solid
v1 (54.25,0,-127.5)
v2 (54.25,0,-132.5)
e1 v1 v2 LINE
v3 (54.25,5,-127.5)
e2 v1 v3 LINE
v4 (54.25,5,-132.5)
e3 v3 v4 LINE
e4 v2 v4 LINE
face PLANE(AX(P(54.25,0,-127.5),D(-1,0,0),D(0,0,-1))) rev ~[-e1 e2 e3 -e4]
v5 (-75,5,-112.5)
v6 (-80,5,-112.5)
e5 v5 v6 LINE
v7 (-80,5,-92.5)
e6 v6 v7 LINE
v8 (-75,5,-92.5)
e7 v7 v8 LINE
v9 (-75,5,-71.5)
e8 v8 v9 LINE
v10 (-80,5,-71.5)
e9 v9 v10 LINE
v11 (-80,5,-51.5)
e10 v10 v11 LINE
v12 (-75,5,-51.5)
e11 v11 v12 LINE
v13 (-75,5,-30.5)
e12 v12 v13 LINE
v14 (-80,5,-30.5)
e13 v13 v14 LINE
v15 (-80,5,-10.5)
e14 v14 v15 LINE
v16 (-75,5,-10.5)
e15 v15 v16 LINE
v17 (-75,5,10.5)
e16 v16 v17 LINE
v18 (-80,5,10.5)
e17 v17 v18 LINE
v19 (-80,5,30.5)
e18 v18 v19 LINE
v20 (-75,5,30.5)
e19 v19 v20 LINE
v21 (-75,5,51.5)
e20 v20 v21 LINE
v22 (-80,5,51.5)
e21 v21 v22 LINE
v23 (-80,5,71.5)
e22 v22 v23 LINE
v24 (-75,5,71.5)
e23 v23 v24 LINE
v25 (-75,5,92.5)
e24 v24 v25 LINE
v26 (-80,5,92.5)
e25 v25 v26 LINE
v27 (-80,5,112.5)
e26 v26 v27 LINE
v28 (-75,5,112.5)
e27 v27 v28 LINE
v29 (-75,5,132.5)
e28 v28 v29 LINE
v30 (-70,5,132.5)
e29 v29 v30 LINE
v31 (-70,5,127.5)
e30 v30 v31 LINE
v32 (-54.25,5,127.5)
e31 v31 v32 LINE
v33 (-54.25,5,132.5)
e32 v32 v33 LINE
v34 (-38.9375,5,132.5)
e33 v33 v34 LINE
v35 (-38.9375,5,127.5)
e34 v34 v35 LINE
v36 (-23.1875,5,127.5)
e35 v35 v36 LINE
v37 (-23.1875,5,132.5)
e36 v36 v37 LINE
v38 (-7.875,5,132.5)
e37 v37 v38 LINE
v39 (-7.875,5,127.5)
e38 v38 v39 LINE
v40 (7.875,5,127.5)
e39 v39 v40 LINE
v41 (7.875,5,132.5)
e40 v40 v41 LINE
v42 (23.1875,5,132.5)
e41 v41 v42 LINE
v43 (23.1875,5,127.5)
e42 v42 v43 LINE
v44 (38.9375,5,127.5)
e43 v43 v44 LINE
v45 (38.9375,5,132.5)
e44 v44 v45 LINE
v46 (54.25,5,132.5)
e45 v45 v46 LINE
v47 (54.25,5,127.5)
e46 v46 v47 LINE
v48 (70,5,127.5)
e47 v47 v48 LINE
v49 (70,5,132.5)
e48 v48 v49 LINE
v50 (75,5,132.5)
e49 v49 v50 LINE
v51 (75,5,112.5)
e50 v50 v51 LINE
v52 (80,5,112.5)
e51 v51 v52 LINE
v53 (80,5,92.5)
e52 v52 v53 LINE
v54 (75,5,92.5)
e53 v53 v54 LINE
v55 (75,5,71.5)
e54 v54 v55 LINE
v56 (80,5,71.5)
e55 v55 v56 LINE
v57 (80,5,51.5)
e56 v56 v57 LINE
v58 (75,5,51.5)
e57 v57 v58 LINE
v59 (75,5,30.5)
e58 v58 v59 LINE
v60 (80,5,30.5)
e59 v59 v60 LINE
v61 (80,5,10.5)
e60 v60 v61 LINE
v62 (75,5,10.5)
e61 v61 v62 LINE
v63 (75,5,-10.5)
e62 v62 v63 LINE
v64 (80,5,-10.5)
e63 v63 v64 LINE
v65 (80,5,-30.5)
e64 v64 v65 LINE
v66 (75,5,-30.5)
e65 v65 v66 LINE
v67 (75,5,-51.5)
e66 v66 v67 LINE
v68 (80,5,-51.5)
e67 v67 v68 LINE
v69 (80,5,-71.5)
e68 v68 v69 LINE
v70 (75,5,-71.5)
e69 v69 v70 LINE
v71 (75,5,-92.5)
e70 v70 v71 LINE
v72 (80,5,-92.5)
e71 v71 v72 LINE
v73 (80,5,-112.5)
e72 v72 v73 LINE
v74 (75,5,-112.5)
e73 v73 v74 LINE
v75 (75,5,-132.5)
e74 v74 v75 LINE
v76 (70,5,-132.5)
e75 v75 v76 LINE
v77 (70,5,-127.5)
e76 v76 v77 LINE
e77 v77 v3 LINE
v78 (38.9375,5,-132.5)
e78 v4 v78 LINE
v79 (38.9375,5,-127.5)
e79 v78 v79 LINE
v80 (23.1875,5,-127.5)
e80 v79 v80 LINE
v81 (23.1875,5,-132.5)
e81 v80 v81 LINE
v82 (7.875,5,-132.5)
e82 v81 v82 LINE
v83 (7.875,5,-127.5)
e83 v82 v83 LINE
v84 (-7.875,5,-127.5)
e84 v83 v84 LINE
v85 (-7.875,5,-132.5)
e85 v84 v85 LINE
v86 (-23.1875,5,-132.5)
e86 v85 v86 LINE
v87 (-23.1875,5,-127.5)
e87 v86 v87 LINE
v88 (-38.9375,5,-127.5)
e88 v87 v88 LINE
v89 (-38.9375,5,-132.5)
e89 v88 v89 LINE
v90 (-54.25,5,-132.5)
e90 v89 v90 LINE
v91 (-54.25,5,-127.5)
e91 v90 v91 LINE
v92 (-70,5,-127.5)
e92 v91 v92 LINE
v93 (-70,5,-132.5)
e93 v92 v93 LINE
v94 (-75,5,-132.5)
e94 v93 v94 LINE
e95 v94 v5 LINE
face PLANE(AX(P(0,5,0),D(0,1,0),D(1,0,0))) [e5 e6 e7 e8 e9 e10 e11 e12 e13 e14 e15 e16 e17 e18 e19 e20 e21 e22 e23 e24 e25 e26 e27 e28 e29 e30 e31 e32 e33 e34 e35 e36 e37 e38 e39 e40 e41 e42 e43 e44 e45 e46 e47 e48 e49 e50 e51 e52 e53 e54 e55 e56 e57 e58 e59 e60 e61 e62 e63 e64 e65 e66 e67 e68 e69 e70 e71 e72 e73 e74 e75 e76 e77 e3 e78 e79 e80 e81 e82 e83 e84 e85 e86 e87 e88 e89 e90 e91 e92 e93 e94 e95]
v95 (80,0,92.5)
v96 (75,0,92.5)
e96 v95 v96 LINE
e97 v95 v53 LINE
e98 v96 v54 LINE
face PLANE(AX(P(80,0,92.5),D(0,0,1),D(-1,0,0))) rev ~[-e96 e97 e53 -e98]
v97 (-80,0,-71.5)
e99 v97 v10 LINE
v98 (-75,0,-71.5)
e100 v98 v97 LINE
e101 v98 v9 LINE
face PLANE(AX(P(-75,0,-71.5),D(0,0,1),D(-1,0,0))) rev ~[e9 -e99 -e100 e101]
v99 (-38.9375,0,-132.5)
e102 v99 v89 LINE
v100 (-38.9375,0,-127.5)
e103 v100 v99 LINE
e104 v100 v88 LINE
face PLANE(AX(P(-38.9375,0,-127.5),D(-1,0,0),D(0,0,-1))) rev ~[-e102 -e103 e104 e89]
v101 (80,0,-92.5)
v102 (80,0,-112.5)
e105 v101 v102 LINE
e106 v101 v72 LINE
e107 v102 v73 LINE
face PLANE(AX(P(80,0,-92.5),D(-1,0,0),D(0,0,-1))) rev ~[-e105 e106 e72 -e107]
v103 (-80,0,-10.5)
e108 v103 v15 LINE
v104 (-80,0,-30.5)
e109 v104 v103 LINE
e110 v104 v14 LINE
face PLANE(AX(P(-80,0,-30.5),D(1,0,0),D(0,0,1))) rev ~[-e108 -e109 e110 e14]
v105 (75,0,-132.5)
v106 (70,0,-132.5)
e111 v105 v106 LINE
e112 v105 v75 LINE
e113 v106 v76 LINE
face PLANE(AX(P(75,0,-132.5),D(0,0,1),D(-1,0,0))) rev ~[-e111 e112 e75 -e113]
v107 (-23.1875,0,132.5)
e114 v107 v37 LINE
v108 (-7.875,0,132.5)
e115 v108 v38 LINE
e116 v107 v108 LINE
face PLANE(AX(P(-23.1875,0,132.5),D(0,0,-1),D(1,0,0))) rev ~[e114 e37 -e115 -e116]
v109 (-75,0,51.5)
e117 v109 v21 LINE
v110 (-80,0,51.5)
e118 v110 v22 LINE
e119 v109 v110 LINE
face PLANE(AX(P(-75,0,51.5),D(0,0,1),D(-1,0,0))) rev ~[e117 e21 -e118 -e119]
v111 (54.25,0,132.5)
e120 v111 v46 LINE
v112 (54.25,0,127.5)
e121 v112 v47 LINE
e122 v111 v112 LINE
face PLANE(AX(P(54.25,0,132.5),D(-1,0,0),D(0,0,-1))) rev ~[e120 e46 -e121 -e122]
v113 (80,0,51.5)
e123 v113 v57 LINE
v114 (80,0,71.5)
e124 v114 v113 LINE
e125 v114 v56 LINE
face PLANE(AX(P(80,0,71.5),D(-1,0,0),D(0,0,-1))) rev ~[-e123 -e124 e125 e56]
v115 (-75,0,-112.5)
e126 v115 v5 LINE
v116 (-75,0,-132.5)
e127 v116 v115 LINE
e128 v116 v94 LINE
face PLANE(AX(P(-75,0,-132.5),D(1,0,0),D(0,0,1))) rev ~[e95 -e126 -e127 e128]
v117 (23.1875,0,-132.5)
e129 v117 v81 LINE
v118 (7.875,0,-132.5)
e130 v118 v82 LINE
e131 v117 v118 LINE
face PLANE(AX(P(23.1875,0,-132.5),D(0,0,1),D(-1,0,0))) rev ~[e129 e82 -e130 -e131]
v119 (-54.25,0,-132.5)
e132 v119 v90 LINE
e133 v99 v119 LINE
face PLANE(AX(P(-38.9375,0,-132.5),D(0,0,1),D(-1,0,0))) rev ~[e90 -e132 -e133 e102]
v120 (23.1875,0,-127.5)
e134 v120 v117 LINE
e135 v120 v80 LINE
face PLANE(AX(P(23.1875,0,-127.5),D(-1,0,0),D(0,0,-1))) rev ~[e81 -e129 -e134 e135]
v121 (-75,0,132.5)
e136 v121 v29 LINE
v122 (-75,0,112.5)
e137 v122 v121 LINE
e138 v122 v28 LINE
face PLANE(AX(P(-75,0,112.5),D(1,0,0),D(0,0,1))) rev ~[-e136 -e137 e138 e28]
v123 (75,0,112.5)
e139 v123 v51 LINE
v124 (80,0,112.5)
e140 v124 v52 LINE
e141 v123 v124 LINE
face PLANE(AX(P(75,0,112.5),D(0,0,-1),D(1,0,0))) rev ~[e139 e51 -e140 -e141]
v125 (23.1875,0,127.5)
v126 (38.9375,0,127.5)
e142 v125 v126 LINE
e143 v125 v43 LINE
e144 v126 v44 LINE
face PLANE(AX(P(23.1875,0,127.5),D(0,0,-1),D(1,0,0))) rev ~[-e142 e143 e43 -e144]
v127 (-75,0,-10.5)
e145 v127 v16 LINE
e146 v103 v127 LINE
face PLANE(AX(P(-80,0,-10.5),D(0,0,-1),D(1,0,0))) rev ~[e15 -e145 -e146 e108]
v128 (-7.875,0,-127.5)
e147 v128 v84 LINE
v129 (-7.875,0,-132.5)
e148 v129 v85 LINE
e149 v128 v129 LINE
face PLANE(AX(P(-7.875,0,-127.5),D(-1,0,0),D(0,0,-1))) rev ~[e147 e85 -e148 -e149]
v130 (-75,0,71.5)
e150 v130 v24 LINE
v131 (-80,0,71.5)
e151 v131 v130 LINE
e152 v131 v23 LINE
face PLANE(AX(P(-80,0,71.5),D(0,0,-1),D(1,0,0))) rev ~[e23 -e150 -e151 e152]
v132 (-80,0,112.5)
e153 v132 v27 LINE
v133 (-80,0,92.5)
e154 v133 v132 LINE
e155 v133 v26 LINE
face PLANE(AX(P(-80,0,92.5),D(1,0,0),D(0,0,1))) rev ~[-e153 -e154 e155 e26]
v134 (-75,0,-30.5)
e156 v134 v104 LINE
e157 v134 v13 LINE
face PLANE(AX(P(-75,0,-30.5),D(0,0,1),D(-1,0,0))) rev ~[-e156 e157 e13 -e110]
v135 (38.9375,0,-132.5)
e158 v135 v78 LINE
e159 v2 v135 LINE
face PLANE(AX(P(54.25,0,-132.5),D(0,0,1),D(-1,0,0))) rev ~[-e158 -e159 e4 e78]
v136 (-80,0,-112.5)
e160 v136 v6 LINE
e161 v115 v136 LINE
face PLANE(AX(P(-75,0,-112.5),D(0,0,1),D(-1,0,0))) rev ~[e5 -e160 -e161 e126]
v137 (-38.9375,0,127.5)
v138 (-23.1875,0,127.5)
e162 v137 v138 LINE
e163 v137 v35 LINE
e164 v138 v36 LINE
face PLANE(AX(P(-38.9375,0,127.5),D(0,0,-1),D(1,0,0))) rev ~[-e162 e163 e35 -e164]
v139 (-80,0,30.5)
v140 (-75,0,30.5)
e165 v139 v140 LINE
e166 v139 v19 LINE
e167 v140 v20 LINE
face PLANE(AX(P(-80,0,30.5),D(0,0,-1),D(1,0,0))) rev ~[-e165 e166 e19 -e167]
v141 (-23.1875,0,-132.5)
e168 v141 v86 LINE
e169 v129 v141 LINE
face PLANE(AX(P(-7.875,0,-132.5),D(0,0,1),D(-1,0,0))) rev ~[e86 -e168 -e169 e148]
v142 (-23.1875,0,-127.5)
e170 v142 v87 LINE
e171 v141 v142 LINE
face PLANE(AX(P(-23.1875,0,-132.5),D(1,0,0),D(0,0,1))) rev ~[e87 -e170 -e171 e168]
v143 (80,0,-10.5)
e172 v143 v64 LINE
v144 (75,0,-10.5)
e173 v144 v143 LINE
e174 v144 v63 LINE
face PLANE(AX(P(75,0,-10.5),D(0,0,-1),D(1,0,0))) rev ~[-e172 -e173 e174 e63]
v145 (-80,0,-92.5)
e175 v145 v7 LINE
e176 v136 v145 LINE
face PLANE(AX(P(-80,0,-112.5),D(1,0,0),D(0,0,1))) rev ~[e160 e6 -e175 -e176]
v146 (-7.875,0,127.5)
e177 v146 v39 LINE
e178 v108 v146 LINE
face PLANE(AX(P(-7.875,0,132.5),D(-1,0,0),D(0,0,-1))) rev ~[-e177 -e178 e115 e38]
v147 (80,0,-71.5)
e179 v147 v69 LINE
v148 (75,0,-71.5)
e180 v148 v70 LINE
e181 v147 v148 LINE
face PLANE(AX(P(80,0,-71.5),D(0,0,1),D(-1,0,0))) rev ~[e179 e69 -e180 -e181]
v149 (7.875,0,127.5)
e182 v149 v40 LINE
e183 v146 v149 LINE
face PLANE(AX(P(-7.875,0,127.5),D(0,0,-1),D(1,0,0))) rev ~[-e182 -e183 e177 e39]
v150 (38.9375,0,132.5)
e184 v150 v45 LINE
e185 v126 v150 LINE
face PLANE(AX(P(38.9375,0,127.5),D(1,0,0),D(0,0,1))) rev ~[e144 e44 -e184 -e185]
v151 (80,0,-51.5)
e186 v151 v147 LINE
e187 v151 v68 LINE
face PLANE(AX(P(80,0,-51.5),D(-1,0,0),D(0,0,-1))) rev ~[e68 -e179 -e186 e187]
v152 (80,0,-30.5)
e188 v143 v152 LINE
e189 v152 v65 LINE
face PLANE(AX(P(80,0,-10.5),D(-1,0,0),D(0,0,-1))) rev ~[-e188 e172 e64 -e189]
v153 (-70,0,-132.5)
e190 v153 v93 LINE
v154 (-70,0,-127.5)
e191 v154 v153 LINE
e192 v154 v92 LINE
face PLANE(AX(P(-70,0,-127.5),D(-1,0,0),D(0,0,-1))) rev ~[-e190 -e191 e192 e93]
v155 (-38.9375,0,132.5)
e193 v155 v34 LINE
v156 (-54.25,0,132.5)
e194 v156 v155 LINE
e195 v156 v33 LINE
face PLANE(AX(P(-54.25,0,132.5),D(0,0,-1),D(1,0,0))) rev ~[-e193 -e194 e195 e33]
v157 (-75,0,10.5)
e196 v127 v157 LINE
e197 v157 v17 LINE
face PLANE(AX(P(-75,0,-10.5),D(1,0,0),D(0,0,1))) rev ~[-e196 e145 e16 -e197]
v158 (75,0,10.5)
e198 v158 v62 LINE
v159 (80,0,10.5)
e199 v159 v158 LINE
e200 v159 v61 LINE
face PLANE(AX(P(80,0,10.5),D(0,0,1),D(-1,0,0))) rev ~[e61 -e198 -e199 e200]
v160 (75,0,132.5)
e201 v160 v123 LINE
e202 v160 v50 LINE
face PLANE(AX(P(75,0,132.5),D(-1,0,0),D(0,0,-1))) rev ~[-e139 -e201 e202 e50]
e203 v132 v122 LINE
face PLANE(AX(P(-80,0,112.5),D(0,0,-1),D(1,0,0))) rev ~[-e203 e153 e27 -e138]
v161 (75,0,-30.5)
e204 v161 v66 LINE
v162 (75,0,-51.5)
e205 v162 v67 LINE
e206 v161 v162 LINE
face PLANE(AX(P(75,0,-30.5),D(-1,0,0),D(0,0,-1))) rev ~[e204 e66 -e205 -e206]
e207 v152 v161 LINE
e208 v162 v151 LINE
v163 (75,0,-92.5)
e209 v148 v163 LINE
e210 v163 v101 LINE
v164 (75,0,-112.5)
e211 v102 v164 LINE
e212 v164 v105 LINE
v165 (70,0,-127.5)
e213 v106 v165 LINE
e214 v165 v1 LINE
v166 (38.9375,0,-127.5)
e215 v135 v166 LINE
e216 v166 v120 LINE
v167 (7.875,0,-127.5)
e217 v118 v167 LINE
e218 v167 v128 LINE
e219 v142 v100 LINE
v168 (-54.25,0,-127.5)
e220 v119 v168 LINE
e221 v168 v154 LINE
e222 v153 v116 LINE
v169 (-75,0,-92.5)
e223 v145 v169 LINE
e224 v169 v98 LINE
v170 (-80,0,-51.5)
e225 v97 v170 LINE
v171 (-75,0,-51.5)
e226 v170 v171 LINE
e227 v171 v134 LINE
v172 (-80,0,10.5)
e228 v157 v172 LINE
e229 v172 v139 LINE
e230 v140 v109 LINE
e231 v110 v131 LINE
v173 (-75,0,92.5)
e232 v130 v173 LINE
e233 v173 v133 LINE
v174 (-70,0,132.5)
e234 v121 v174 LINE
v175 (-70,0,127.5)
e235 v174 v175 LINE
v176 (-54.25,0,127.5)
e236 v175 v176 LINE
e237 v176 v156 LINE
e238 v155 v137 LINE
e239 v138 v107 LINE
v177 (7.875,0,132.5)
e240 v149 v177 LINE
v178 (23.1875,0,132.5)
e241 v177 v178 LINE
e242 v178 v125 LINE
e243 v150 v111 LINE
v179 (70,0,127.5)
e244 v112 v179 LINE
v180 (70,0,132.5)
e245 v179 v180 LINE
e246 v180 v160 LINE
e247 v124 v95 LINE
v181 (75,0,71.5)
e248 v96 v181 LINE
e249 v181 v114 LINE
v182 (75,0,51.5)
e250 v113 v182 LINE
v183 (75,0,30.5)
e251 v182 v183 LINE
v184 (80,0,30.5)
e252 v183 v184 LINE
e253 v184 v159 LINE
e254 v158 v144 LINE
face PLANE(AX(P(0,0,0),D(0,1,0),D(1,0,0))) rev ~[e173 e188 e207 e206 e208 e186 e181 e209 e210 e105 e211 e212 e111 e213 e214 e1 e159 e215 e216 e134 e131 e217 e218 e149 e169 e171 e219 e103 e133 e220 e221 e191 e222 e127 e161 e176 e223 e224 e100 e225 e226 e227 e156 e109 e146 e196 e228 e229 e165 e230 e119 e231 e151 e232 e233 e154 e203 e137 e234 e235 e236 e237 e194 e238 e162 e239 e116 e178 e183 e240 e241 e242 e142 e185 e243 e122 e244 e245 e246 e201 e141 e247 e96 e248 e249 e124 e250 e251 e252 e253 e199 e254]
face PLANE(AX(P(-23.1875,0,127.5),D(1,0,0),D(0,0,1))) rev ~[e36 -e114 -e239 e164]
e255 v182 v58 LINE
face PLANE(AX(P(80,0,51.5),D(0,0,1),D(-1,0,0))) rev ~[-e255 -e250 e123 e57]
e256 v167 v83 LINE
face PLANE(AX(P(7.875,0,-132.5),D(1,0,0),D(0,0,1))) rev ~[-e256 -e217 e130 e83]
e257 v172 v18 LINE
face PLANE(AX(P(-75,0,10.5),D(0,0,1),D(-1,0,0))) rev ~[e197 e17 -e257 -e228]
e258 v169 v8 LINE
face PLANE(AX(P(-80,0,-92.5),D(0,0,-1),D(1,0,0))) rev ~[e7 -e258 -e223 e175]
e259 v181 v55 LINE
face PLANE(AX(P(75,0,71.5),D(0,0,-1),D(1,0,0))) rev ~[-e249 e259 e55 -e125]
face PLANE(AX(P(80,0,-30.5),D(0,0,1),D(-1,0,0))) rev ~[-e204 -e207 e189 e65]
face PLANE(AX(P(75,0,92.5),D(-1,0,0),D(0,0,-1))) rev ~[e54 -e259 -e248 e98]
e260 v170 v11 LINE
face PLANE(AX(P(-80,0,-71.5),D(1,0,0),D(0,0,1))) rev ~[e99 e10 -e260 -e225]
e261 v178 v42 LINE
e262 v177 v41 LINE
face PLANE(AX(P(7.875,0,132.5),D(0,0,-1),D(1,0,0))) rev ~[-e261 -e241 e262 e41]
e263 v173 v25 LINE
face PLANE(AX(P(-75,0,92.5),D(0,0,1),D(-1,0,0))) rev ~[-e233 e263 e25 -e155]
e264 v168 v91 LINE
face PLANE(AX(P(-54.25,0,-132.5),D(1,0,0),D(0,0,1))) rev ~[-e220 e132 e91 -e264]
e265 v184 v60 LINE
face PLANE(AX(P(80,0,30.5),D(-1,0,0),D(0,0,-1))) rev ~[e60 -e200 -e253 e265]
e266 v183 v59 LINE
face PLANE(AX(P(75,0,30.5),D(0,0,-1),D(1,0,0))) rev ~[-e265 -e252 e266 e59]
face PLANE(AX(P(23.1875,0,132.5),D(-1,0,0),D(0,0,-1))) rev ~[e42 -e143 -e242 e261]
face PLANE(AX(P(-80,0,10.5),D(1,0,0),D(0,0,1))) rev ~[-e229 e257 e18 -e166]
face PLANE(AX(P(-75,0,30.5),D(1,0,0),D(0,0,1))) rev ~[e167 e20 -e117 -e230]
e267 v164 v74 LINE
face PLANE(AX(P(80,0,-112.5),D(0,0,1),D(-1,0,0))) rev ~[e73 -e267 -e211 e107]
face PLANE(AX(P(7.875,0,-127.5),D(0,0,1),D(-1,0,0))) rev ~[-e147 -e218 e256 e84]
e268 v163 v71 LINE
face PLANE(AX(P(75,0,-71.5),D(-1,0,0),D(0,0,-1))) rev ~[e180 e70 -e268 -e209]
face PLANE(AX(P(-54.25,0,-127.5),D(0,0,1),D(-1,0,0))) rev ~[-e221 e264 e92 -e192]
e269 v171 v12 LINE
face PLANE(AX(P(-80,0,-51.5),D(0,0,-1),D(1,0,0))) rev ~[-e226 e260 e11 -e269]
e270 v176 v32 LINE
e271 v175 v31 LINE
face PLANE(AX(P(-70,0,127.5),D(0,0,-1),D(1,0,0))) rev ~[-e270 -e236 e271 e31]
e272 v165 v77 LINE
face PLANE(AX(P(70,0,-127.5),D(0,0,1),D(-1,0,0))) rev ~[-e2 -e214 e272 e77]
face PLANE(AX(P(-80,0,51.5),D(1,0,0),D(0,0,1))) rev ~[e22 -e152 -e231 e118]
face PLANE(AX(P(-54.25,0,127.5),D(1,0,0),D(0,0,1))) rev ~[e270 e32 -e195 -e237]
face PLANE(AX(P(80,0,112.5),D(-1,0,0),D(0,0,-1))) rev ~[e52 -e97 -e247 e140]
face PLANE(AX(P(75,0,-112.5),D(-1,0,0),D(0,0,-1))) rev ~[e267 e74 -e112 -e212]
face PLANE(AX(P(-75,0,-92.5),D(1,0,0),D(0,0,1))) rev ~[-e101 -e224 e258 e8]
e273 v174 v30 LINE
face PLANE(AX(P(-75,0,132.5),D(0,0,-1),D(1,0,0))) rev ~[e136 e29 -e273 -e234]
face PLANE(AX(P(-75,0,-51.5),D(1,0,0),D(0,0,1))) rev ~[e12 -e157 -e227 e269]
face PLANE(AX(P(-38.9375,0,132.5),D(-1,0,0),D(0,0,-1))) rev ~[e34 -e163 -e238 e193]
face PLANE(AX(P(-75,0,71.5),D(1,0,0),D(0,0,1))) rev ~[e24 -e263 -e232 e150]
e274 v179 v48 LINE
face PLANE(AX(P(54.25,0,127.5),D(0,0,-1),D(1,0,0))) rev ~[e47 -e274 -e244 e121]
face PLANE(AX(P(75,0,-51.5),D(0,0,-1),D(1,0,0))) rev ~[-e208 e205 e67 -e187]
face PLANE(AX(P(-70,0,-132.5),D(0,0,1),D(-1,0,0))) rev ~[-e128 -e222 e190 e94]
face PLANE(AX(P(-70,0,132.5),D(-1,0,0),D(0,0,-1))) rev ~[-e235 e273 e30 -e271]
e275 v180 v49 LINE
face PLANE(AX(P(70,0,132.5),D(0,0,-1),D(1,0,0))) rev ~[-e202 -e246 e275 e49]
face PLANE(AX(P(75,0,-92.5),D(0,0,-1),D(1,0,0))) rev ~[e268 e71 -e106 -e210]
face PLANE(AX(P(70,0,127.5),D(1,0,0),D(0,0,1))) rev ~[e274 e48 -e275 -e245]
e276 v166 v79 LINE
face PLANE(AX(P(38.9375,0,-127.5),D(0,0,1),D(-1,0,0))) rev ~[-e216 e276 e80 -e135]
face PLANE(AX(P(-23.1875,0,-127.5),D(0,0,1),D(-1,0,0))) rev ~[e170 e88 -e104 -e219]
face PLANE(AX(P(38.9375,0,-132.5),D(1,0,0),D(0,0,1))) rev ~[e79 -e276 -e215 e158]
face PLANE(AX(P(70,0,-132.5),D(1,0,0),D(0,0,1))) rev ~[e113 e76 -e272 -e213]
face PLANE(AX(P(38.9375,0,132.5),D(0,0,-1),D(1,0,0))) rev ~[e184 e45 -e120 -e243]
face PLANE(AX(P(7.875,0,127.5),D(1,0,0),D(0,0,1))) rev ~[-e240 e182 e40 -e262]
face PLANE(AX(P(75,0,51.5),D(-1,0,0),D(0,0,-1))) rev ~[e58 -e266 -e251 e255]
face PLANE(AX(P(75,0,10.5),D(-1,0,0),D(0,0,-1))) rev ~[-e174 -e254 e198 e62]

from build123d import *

# Parameters (mm, degrees)
BOSS_EXTRUDE1_DEPTH = 5


with BuildPart() as part:
    # Sketch1 → Boss-Extrude1 (new body)
    with BuildSketch(Plane(origin=(0, 0, 0), x_dir=(1, 0, 0), z_dir=(0, 1, 0))):
        Polygon((-80, 71.5), (-80, 51.5), (-75, 51.5), (-75, 30.5), (-80, 30.5), (-80, 10.5), (-75, 10.5), (-75, -10.5), (-80, -10.5), (-80, -30.5), (-75, -30.5), (-75, -51.5), (-80, -51.5), (-80, -71.5), (-75, -71.5), (-75, -92.5), (-80, -92.5), (-80, -112.5), (-75, -112.5), (-75, -132.5), (-70, -132.5), (-70, -127.5), (-54.25, -127.5), (-54.25, -132.5), (-38.9375, -132.5), (-38.9375, -127.5), (-23.1875, -127.5), (-23.1875, -132.5), (-7.875, -132.5), (-7.875, -127.5), (7.875, -127.5), (7.875, -132.5), (23.1875, -132.5), (23.1875, -127.5), (38.9375, -127.5), (38.9375, -132.5), (54.25, -132.5), (54.25, -127.5), (70, -127.5), (70, -132.5), (75, -132.5), (75, -112.5), (80, -112.5), (80, -92.5), (75, -92.5), (75, -71.5), (80, -71.5), (80, -51.5), (75, -51.5), (75, -30.5), (80, -30.5), (80, -10.5), (75, -10.5), (75, 10.5), (80, 10.5), (80, 30.5), (75, 30.5), (75, 51.5), (80, 51.5), (80, 71.5), (75, 71.5), (75, 92.5), (80, 92.5), (80, 112.5), (75, 112.5), (75, 132.5), (70, 132.5), (70, 127.5), (54.25, 127.5), (54.25, 132.5), (38.9375, 132.5), (38.9375, 127.5), (23.1875, 127.5), (23.1875, 132.5), (7.875, 132.5), (7.875, 127.5), (-7.875, 127.5), (-7.875, 132.5), (-23.1875, 132.5), (-23.1875, 127.5), (-38.9375, 127.5), (-38.9375, 132.5), (-54.25, 132.5), (-54.25, 127.5), (-70, 127.5), (-70, 132.5), (-75, 132.5), (-75, 112.5), (-80, 112.5), (-80, 92.5), (-75, 92.5), (-75, 71.5), align=None)
    extrude(amount=BOSS_EXTRUDE1_DEPTH)


solid = part.part
